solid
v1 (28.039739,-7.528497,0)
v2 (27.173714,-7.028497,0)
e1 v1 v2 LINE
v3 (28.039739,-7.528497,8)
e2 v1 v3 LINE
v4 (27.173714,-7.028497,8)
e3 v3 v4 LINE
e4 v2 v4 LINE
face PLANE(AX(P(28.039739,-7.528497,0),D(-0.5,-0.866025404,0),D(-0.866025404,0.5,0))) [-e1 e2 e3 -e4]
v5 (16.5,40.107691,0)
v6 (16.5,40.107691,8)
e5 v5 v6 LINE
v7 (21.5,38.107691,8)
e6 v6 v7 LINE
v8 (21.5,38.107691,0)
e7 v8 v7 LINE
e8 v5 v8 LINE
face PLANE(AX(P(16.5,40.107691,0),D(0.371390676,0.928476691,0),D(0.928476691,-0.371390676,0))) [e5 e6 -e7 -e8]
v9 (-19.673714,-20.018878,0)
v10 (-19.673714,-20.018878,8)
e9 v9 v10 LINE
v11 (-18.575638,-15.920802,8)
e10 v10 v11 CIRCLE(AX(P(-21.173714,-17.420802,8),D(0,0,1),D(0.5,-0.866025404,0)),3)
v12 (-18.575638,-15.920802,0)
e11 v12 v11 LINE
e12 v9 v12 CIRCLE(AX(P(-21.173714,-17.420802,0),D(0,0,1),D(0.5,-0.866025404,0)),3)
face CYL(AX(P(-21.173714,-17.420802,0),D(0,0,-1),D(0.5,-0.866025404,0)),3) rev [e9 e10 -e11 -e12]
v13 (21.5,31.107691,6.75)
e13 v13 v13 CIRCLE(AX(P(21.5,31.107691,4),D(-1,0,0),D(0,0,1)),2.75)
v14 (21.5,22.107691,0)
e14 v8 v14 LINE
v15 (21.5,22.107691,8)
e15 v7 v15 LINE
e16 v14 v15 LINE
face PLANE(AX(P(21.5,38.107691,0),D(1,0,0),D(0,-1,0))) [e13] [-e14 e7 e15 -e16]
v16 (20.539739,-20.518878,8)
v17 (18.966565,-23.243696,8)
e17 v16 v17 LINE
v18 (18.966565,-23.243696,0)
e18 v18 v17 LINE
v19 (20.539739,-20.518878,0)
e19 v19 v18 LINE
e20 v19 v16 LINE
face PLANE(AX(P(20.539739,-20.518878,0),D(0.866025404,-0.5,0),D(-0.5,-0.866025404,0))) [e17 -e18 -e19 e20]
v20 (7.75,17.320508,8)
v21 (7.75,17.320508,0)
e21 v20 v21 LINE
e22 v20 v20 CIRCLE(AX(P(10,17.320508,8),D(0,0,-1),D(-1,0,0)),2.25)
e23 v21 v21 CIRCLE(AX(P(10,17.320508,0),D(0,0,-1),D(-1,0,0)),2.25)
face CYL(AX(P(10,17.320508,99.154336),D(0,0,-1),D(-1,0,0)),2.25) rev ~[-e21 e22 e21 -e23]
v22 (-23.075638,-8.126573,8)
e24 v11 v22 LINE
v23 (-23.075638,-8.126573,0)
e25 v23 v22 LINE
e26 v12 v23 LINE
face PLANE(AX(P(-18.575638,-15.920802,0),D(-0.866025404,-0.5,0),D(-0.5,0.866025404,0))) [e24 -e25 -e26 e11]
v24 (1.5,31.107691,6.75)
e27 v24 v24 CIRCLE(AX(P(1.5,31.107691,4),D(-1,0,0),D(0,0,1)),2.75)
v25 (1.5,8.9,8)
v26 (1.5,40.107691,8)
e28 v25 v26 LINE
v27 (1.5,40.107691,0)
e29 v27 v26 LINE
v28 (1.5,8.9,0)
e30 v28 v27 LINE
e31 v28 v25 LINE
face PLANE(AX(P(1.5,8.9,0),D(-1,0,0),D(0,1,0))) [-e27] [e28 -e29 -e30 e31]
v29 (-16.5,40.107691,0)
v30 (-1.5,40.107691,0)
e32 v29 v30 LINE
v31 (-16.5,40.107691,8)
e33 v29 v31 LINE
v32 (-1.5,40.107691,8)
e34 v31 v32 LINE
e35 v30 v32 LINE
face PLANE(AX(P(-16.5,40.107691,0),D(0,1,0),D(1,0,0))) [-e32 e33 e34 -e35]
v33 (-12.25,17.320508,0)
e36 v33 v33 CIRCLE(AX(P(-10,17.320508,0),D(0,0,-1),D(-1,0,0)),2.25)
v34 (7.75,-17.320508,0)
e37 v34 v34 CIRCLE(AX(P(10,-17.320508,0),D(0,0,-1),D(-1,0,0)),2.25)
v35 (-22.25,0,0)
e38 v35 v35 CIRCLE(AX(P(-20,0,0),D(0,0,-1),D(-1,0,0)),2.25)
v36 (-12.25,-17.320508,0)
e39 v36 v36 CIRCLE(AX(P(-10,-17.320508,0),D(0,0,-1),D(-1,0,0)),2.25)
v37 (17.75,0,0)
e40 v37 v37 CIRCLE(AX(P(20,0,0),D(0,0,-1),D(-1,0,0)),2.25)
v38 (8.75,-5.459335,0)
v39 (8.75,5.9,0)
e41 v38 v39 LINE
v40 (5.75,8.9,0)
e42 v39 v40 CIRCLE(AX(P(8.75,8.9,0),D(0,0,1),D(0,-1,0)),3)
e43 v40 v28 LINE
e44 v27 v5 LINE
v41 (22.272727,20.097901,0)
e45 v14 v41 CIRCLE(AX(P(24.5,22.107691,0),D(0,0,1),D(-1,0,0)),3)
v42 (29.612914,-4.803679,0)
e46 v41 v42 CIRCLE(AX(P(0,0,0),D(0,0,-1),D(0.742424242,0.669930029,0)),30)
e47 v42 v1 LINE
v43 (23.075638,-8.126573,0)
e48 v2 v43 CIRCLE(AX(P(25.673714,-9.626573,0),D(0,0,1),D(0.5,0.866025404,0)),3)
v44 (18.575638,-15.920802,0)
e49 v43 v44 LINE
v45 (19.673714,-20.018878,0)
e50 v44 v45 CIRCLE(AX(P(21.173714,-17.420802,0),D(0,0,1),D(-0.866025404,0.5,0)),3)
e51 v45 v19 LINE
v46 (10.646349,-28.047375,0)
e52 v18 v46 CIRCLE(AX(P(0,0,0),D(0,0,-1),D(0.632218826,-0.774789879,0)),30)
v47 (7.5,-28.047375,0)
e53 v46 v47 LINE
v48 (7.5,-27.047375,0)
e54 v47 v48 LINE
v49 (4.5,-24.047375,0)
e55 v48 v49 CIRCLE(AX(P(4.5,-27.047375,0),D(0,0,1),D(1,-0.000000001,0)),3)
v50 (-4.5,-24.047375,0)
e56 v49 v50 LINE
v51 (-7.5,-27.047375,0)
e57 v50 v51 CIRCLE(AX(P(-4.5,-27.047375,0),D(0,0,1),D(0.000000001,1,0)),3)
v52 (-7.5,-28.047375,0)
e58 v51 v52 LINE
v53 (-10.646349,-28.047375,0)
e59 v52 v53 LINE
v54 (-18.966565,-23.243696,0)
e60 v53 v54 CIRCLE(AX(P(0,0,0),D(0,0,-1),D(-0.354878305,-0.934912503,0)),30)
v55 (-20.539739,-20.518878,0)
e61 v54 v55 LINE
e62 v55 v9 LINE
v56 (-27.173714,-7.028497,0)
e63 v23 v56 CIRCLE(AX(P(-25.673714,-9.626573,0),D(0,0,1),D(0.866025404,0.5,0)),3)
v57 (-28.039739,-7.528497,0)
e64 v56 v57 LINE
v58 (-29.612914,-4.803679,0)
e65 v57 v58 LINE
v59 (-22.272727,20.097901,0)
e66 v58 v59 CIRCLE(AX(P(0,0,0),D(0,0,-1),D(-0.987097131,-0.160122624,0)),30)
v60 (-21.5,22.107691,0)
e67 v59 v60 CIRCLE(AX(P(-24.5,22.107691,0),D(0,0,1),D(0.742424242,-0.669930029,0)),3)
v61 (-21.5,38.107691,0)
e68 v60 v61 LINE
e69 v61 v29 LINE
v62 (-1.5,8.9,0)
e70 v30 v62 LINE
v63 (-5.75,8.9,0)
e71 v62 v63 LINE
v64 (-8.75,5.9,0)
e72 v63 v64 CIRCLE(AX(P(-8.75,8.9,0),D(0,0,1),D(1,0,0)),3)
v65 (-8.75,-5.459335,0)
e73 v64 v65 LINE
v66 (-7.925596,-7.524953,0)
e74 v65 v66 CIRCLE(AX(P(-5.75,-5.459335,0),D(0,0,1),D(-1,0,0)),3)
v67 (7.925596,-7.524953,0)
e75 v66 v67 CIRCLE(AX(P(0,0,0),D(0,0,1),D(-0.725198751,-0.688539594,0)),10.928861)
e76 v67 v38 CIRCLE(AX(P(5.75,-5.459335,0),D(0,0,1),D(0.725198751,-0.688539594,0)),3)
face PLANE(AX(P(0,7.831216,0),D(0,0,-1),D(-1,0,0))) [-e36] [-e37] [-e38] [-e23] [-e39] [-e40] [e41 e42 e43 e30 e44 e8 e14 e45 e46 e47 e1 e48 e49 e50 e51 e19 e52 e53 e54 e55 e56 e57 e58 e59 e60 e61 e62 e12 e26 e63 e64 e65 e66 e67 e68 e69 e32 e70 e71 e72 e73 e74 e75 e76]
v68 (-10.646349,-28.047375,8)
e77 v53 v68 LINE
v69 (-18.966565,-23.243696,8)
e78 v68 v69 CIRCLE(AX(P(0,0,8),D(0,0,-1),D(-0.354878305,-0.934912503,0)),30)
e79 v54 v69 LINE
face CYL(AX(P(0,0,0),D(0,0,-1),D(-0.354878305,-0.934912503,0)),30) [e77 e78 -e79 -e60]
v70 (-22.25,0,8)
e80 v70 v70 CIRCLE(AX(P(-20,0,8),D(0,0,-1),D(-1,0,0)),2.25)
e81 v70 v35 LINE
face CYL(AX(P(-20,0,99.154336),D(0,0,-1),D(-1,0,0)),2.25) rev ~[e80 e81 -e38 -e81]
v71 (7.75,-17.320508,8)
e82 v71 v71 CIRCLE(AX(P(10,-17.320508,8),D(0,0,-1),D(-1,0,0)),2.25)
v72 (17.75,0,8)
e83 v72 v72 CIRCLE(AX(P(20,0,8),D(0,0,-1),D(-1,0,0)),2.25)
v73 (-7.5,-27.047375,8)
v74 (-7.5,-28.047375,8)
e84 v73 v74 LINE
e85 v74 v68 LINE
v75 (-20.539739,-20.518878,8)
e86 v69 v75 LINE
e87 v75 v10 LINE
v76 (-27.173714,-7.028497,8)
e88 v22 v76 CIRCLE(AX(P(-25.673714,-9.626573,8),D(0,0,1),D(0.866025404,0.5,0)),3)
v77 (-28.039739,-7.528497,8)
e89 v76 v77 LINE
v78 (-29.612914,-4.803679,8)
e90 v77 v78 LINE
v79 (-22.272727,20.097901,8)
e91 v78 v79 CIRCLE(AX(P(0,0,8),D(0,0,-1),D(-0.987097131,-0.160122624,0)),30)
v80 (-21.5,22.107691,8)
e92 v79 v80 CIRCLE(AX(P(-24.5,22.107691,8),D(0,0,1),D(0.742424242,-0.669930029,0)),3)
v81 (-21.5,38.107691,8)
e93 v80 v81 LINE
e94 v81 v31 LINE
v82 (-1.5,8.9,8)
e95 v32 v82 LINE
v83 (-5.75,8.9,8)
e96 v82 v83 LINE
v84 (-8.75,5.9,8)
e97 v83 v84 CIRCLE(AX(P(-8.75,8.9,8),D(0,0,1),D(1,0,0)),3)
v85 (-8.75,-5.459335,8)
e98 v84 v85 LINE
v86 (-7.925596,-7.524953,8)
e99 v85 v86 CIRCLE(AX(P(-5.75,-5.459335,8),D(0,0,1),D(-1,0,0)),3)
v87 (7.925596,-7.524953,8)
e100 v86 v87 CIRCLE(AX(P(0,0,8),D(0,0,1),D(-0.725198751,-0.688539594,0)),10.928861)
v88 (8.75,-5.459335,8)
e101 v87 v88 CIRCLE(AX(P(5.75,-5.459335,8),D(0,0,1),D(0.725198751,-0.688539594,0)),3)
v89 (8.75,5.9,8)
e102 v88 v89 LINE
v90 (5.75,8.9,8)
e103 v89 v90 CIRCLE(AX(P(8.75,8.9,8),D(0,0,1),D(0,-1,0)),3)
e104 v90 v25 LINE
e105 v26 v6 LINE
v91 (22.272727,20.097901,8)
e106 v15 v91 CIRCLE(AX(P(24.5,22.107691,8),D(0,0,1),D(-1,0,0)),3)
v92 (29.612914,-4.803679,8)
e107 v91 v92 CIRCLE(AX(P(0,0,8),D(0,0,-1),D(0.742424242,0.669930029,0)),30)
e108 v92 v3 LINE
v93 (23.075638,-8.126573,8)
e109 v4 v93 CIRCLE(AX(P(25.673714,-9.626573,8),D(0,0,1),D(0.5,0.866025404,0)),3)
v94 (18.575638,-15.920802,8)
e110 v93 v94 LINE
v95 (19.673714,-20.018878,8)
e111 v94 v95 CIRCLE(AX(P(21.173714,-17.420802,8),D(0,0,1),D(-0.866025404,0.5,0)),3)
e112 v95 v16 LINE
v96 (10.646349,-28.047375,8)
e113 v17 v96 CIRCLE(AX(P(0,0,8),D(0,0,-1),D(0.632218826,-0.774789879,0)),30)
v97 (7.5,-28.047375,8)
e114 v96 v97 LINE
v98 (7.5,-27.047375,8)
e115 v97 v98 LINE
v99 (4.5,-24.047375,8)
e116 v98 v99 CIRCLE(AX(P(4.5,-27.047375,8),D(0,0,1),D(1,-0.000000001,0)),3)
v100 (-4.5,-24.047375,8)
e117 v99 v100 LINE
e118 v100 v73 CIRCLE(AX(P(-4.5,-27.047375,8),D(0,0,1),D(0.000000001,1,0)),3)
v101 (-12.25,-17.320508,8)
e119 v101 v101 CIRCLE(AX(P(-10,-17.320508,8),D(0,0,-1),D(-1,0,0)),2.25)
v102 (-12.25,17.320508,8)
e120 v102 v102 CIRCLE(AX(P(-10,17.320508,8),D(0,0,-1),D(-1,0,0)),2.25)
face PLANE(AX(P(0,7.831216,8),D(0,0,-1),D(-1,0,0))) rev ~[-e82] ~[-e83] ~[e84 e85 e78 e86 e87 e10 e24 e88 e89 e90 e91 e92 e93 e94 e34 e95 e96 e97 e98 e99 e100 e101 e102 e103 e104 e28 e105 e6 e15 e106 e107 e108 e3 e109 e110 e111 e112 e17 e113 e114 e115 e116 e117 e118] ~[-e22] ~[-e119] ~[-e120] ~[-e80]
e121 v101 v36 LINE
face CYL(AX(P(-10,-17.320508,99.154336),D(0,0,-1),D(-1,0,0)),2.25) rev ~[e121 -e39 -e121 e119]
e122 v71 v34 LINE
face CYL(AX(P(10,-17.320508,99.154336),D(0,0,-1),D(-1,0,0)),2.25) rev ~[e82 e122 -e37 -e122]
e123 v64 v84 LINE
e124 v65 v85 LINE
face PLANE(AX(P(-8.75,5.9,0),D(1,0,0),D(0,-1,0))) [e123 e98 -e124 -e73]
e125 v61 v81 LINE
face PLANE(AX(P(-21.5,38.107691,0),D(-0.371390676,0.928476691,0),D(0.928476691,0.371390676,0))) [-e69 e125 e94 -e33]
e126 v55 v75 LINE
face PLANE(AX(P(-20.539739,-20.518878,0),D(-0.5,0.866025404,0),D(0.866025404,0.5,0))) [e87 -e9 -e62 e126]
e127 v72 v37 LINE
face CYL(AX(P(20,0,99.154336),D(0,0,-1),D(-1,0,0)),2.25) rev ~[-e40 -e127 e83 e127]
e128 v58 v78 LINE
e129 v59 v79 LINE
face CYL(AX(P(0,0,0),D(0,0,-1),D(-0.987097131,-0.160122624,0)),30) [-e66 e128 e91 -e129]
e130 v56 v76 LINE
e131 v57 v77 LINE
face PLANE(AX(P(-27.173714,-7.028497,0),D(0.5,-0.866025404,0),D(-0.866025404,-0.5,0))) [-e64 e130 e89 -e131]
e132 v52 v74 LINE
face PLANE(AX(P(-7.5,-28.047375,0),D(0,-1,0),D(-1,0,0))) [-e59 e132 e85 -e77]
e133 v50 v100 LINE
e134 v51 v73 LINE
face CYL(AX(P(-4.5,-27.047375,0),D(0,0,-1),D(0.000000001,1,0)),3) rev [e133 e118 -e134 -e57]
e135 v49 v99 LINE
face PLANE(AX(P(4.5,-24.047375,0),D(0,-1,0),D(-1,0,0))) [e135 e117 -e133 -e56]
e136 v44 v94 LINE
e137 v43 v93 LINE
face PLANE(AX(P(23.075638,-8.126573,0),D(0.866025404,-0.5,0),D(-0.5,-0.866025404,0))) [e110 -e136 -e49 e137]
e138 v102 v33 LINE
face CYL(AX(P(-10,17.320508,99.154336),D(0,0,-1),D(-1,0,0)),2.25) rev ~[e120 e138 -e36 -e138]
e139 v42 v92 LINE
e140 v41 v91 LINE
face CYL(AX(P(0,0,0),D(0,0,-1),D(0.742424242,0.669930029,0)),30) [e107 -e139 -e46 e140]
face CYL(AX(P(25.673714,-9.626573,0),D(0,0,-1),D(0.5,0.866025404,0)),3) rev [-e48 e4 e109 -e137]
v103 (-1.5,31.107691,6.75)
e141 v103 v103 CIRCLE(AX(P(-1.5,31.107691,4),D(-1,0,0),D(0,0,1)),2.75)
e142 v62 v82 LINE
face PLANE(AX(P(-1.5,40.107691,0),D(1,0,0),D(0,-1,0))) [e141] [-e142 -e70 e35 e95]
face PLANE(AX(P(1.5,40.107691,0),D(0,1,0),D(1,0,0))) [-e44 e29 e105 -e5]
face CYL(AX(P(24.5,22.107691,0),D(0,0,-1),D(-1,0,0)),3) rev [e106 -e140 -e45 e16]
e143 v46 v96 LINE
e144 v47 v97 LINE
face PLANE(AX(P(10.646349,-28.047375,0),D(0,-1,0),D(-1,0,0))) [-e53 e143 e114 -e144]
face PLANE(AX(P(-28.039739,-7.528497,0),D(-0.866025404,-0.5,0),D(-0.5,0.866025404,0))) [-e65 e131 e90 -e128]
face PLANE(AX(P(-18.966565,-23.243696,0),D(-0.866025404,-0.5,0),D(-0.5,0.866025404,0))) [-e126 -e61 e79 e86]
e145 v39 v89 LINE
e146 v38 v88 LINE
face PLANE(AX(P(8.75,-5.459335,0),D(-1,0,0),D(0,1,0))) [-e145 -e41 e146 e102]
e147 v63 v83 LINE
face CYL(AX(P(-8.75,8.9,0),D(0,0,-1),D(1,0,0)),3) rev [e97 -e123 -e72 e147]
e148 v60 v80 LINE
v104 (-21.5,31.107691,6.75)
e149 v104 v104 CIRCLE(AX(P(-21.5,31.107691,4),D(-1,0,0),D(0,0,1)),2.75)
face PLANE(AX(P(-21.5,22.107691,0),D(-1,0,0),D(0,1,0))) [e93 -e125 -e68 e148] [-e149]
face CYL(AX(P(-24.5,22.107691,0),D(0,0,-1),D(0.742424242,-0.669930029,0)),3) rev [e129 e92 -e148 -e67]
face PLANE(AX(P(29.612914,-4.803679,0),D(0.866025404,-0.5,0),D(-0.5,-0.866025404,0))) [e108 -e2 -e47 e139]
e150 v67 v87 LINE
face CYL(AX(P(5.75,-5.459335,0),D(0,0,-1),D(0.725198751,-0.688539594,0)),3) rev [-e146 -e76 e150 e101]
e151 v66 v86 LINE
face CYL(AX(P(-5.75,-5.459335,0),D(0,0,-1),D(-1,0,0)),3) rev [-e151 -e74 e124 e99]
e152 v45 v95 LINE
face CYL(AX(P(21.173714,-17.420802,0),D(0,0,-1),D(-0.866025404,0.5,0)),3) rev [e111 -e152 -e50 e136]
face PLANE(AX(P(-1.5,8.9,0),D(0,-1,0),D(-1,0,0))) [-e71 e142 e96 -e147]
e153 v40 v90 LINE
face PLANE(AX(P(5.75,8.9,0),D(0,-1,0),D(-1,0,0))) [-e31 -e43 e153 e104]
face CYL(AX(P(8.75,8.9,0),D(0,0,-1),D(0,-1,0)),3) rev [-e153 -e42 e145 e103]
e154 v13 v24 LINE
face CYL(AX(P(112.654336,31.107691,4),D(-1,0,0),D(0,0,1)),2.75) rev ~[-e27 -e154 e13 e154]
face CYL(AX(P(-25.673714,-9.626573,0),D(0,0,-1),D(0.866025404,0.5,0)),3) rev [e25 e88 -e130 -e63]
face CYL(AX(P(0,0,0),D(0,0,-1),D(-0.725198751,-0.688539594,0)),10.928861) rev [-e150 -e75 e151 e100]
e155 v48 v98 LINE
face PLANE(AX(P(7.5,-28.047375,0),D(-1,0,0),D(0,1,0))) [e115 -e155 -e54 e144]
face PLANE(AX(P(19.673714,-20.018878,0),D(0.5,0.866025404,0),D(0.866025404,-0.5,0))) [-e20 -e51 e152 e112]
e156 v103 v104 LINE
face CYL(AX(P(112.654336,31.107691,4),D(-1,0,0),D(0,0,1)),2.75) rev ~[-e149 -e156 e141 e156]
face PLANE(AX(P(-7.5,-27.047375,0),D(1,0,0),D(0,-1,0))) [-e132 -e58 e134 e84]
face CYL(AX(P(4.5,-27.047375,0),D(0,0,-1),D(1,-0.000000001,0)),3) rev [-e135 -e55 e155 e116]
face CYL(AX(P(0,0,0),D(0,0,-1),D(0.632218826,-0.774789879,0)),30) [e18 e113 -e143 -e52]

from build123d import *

# Parameters (mm, degrees)
AUFSATZ_LINEAR_AUSTRAGEN1_DEPTH = 8
DURCHGANGSLOCH_F_R_M5_D         = 5.5
DURCHGANGSLOCH_F_R_M4_D         = 4.5


with BuildPart() as part:
    # Skizze1 → Aufsatz-Linear austragen1 (new body)
    with BuildSketch(Plane.XY):
        with BuildLine():
            Line((4.5, -24.047375097), (-4.5, -24.047375097))
            ThreePointArc((-4.5, -24.047375097), (-6.621320344, -24.926054753), (-7.5, -27.047375097))
            Line((-7.5, -27.047375097), (-7.5, -28.047375097))
            Line((-7.5, -28.047375097), (-10.646349149, -28.047375097))
            ThreePointArc((-10.646349149, -28.047375097), (-15, -25.980762114), (-18.966564769, -23.243696368))
            Line((-18.966564769, -23.243696368), (-20.539739343, -20.518878077))
            Line((-20.539739343, -20.518878077), (-19.673713939, -20.018878077))
            ThreePointArc((-19.673713939, -20.018878077), (-18.27593646, -18.197259001), (-18.575637728, -15.920801865))
            Line((-18.575637728, -15.920801865), (-23.075637728, -8.126573231))
            ThreePointArc((-23.075637728, -8.126573231), (-24.897256804, -6.728795752), (-27.173713939, -7.02849702))
            Line((-27.173713939, -7.02849702), (-28.039739343, -7.52849702))
            Line((-28.039739343, -7.52849702), (-29.612913917, -4.803678728))
            ThreePointArc((-29.612913917, -4.803678728), (-28.775894551, 8.482210373), (-22.272727273, 20.097900881))
            ThreePointArc((-22.272727273, 20.097900881), (-21.699837667, 21.031080126), (-21.5, 22.107690969))
            Line((-21.5, 22.107690969), (-21.5, 38.107690969))
            Line((-21.5, 38.107690969), (-16.5, 40.107690969))
            Line((-16.5, 40.107690969), (-1.5, 40.107690969))
            Line((-1.5, 40.107690969), (-1.5, 8.9))
            Line((-1.5, 8.9), (-5.75, 8.9))
            ThreePointArc((-5.75, 8.9), (-10.871320344, 11.021320344), (-8.75, 5.9))
            Line((-8.75, 5.9), (-8.75, -5.459334644))
            ThreePointArc((-8.75, -5.459334644), (-8.536286844, -6.571362352), (-7.925596252, -7.524953425))
            ThreePointArc((-7.925596252, -7.524953425), (0, -10.928860874), (7.925596252, -7.524953425))
            ThreePointArc((7.925596252, -7.524953425), (8.536286844, -6.571362352), (8.75, -5.459334644))
            Line((8.75, -5.459334644), (8.75, 5.9))
            ThreePointArc((8.75, 5.9), (10.871320344, 11.021320344), (5.75, 8.9))
            Line((5.75, 8.9), (1.5, 8.9))
            Line((1.5, 8.9), (1.5, 40.107690969))
            Line((1.5, 40.107690969), (16.5, 40.107690969))
            Line((16.5, 40.107690969), (21.5, 38.107690969))
            Line((21.5, 38.107690969), (21.5, 22.107690969))
            ThreePointArc((21.5, 22.107690969), (21.699837667, 21.031080126), (22.272727273, 20.097900881))
            ThreePointArc((22.272727273, 20.097900881), (28.775894551, 8.482210373), (29.612913917, -4.803678728))
            Line((29.612913917, -4.803678728), (28.039739343, -7.52849702))
            Line((28.039739343, -7.52849702), (27.173713939, -7.02849702))
            ThreePointArc((27.173713939, -7.02849702), (24.897256804, -6.728795752), (23.075637728, -8.126573231))
            Line((23.075637728, -8.126573231), (18.575637728, -15.920801865))
            ThreePointArc((18.575637728, -15.920801865), (18.27593646, -18.197259001), (19.673713939, -20.018878077))
            Line((19.673713939, -20.018878077), (20.539739343, -20.518878077))
            Line((20.539739343, -20.518878077), (18.966564769, -23.243696368))
            ThreePointArc((18.966564769, -23.243696368), (15, -25.980762114), (10.646349149, -28.047375097))
            Line((10.646349149, -28.047375097), (7.5, -28.047375097))
            Line((7.5, -28.047375097), (7.5, -27.047375097))
            ThreePointArc((7.5, -27.047375097), (6.621320344, -24.926054753), (4.5, -24.047375097))
        make_face()
    extrude(amount=AUFSATZ_LINEAR_AUSTRAGEN1_DEPTH)

    # Durchgangsloch für M5 (through all)
    with Locations(Plane(origin=(21.5, 0, 0), x_dir=(0, 0, -1), z_dir=(1, 0, 0))):
        with Locations((-4, 31.107690969)):
            Hole(DURCHGANGSLOCH_F_R_M5_D / 2)

    # Durchgangsloch für M4 (through all)
    with Locations(Plane.XY.offset(8)):
        with Locations((-20, 0), (-10, 17.320508076), (10, 17.320508076), (20, 0), (10, -17.320508076), (-10, -17.320508076)):
            Hole(DURCHGANGSLOCH_F_R_M4_D / 2)


solid = part.part
